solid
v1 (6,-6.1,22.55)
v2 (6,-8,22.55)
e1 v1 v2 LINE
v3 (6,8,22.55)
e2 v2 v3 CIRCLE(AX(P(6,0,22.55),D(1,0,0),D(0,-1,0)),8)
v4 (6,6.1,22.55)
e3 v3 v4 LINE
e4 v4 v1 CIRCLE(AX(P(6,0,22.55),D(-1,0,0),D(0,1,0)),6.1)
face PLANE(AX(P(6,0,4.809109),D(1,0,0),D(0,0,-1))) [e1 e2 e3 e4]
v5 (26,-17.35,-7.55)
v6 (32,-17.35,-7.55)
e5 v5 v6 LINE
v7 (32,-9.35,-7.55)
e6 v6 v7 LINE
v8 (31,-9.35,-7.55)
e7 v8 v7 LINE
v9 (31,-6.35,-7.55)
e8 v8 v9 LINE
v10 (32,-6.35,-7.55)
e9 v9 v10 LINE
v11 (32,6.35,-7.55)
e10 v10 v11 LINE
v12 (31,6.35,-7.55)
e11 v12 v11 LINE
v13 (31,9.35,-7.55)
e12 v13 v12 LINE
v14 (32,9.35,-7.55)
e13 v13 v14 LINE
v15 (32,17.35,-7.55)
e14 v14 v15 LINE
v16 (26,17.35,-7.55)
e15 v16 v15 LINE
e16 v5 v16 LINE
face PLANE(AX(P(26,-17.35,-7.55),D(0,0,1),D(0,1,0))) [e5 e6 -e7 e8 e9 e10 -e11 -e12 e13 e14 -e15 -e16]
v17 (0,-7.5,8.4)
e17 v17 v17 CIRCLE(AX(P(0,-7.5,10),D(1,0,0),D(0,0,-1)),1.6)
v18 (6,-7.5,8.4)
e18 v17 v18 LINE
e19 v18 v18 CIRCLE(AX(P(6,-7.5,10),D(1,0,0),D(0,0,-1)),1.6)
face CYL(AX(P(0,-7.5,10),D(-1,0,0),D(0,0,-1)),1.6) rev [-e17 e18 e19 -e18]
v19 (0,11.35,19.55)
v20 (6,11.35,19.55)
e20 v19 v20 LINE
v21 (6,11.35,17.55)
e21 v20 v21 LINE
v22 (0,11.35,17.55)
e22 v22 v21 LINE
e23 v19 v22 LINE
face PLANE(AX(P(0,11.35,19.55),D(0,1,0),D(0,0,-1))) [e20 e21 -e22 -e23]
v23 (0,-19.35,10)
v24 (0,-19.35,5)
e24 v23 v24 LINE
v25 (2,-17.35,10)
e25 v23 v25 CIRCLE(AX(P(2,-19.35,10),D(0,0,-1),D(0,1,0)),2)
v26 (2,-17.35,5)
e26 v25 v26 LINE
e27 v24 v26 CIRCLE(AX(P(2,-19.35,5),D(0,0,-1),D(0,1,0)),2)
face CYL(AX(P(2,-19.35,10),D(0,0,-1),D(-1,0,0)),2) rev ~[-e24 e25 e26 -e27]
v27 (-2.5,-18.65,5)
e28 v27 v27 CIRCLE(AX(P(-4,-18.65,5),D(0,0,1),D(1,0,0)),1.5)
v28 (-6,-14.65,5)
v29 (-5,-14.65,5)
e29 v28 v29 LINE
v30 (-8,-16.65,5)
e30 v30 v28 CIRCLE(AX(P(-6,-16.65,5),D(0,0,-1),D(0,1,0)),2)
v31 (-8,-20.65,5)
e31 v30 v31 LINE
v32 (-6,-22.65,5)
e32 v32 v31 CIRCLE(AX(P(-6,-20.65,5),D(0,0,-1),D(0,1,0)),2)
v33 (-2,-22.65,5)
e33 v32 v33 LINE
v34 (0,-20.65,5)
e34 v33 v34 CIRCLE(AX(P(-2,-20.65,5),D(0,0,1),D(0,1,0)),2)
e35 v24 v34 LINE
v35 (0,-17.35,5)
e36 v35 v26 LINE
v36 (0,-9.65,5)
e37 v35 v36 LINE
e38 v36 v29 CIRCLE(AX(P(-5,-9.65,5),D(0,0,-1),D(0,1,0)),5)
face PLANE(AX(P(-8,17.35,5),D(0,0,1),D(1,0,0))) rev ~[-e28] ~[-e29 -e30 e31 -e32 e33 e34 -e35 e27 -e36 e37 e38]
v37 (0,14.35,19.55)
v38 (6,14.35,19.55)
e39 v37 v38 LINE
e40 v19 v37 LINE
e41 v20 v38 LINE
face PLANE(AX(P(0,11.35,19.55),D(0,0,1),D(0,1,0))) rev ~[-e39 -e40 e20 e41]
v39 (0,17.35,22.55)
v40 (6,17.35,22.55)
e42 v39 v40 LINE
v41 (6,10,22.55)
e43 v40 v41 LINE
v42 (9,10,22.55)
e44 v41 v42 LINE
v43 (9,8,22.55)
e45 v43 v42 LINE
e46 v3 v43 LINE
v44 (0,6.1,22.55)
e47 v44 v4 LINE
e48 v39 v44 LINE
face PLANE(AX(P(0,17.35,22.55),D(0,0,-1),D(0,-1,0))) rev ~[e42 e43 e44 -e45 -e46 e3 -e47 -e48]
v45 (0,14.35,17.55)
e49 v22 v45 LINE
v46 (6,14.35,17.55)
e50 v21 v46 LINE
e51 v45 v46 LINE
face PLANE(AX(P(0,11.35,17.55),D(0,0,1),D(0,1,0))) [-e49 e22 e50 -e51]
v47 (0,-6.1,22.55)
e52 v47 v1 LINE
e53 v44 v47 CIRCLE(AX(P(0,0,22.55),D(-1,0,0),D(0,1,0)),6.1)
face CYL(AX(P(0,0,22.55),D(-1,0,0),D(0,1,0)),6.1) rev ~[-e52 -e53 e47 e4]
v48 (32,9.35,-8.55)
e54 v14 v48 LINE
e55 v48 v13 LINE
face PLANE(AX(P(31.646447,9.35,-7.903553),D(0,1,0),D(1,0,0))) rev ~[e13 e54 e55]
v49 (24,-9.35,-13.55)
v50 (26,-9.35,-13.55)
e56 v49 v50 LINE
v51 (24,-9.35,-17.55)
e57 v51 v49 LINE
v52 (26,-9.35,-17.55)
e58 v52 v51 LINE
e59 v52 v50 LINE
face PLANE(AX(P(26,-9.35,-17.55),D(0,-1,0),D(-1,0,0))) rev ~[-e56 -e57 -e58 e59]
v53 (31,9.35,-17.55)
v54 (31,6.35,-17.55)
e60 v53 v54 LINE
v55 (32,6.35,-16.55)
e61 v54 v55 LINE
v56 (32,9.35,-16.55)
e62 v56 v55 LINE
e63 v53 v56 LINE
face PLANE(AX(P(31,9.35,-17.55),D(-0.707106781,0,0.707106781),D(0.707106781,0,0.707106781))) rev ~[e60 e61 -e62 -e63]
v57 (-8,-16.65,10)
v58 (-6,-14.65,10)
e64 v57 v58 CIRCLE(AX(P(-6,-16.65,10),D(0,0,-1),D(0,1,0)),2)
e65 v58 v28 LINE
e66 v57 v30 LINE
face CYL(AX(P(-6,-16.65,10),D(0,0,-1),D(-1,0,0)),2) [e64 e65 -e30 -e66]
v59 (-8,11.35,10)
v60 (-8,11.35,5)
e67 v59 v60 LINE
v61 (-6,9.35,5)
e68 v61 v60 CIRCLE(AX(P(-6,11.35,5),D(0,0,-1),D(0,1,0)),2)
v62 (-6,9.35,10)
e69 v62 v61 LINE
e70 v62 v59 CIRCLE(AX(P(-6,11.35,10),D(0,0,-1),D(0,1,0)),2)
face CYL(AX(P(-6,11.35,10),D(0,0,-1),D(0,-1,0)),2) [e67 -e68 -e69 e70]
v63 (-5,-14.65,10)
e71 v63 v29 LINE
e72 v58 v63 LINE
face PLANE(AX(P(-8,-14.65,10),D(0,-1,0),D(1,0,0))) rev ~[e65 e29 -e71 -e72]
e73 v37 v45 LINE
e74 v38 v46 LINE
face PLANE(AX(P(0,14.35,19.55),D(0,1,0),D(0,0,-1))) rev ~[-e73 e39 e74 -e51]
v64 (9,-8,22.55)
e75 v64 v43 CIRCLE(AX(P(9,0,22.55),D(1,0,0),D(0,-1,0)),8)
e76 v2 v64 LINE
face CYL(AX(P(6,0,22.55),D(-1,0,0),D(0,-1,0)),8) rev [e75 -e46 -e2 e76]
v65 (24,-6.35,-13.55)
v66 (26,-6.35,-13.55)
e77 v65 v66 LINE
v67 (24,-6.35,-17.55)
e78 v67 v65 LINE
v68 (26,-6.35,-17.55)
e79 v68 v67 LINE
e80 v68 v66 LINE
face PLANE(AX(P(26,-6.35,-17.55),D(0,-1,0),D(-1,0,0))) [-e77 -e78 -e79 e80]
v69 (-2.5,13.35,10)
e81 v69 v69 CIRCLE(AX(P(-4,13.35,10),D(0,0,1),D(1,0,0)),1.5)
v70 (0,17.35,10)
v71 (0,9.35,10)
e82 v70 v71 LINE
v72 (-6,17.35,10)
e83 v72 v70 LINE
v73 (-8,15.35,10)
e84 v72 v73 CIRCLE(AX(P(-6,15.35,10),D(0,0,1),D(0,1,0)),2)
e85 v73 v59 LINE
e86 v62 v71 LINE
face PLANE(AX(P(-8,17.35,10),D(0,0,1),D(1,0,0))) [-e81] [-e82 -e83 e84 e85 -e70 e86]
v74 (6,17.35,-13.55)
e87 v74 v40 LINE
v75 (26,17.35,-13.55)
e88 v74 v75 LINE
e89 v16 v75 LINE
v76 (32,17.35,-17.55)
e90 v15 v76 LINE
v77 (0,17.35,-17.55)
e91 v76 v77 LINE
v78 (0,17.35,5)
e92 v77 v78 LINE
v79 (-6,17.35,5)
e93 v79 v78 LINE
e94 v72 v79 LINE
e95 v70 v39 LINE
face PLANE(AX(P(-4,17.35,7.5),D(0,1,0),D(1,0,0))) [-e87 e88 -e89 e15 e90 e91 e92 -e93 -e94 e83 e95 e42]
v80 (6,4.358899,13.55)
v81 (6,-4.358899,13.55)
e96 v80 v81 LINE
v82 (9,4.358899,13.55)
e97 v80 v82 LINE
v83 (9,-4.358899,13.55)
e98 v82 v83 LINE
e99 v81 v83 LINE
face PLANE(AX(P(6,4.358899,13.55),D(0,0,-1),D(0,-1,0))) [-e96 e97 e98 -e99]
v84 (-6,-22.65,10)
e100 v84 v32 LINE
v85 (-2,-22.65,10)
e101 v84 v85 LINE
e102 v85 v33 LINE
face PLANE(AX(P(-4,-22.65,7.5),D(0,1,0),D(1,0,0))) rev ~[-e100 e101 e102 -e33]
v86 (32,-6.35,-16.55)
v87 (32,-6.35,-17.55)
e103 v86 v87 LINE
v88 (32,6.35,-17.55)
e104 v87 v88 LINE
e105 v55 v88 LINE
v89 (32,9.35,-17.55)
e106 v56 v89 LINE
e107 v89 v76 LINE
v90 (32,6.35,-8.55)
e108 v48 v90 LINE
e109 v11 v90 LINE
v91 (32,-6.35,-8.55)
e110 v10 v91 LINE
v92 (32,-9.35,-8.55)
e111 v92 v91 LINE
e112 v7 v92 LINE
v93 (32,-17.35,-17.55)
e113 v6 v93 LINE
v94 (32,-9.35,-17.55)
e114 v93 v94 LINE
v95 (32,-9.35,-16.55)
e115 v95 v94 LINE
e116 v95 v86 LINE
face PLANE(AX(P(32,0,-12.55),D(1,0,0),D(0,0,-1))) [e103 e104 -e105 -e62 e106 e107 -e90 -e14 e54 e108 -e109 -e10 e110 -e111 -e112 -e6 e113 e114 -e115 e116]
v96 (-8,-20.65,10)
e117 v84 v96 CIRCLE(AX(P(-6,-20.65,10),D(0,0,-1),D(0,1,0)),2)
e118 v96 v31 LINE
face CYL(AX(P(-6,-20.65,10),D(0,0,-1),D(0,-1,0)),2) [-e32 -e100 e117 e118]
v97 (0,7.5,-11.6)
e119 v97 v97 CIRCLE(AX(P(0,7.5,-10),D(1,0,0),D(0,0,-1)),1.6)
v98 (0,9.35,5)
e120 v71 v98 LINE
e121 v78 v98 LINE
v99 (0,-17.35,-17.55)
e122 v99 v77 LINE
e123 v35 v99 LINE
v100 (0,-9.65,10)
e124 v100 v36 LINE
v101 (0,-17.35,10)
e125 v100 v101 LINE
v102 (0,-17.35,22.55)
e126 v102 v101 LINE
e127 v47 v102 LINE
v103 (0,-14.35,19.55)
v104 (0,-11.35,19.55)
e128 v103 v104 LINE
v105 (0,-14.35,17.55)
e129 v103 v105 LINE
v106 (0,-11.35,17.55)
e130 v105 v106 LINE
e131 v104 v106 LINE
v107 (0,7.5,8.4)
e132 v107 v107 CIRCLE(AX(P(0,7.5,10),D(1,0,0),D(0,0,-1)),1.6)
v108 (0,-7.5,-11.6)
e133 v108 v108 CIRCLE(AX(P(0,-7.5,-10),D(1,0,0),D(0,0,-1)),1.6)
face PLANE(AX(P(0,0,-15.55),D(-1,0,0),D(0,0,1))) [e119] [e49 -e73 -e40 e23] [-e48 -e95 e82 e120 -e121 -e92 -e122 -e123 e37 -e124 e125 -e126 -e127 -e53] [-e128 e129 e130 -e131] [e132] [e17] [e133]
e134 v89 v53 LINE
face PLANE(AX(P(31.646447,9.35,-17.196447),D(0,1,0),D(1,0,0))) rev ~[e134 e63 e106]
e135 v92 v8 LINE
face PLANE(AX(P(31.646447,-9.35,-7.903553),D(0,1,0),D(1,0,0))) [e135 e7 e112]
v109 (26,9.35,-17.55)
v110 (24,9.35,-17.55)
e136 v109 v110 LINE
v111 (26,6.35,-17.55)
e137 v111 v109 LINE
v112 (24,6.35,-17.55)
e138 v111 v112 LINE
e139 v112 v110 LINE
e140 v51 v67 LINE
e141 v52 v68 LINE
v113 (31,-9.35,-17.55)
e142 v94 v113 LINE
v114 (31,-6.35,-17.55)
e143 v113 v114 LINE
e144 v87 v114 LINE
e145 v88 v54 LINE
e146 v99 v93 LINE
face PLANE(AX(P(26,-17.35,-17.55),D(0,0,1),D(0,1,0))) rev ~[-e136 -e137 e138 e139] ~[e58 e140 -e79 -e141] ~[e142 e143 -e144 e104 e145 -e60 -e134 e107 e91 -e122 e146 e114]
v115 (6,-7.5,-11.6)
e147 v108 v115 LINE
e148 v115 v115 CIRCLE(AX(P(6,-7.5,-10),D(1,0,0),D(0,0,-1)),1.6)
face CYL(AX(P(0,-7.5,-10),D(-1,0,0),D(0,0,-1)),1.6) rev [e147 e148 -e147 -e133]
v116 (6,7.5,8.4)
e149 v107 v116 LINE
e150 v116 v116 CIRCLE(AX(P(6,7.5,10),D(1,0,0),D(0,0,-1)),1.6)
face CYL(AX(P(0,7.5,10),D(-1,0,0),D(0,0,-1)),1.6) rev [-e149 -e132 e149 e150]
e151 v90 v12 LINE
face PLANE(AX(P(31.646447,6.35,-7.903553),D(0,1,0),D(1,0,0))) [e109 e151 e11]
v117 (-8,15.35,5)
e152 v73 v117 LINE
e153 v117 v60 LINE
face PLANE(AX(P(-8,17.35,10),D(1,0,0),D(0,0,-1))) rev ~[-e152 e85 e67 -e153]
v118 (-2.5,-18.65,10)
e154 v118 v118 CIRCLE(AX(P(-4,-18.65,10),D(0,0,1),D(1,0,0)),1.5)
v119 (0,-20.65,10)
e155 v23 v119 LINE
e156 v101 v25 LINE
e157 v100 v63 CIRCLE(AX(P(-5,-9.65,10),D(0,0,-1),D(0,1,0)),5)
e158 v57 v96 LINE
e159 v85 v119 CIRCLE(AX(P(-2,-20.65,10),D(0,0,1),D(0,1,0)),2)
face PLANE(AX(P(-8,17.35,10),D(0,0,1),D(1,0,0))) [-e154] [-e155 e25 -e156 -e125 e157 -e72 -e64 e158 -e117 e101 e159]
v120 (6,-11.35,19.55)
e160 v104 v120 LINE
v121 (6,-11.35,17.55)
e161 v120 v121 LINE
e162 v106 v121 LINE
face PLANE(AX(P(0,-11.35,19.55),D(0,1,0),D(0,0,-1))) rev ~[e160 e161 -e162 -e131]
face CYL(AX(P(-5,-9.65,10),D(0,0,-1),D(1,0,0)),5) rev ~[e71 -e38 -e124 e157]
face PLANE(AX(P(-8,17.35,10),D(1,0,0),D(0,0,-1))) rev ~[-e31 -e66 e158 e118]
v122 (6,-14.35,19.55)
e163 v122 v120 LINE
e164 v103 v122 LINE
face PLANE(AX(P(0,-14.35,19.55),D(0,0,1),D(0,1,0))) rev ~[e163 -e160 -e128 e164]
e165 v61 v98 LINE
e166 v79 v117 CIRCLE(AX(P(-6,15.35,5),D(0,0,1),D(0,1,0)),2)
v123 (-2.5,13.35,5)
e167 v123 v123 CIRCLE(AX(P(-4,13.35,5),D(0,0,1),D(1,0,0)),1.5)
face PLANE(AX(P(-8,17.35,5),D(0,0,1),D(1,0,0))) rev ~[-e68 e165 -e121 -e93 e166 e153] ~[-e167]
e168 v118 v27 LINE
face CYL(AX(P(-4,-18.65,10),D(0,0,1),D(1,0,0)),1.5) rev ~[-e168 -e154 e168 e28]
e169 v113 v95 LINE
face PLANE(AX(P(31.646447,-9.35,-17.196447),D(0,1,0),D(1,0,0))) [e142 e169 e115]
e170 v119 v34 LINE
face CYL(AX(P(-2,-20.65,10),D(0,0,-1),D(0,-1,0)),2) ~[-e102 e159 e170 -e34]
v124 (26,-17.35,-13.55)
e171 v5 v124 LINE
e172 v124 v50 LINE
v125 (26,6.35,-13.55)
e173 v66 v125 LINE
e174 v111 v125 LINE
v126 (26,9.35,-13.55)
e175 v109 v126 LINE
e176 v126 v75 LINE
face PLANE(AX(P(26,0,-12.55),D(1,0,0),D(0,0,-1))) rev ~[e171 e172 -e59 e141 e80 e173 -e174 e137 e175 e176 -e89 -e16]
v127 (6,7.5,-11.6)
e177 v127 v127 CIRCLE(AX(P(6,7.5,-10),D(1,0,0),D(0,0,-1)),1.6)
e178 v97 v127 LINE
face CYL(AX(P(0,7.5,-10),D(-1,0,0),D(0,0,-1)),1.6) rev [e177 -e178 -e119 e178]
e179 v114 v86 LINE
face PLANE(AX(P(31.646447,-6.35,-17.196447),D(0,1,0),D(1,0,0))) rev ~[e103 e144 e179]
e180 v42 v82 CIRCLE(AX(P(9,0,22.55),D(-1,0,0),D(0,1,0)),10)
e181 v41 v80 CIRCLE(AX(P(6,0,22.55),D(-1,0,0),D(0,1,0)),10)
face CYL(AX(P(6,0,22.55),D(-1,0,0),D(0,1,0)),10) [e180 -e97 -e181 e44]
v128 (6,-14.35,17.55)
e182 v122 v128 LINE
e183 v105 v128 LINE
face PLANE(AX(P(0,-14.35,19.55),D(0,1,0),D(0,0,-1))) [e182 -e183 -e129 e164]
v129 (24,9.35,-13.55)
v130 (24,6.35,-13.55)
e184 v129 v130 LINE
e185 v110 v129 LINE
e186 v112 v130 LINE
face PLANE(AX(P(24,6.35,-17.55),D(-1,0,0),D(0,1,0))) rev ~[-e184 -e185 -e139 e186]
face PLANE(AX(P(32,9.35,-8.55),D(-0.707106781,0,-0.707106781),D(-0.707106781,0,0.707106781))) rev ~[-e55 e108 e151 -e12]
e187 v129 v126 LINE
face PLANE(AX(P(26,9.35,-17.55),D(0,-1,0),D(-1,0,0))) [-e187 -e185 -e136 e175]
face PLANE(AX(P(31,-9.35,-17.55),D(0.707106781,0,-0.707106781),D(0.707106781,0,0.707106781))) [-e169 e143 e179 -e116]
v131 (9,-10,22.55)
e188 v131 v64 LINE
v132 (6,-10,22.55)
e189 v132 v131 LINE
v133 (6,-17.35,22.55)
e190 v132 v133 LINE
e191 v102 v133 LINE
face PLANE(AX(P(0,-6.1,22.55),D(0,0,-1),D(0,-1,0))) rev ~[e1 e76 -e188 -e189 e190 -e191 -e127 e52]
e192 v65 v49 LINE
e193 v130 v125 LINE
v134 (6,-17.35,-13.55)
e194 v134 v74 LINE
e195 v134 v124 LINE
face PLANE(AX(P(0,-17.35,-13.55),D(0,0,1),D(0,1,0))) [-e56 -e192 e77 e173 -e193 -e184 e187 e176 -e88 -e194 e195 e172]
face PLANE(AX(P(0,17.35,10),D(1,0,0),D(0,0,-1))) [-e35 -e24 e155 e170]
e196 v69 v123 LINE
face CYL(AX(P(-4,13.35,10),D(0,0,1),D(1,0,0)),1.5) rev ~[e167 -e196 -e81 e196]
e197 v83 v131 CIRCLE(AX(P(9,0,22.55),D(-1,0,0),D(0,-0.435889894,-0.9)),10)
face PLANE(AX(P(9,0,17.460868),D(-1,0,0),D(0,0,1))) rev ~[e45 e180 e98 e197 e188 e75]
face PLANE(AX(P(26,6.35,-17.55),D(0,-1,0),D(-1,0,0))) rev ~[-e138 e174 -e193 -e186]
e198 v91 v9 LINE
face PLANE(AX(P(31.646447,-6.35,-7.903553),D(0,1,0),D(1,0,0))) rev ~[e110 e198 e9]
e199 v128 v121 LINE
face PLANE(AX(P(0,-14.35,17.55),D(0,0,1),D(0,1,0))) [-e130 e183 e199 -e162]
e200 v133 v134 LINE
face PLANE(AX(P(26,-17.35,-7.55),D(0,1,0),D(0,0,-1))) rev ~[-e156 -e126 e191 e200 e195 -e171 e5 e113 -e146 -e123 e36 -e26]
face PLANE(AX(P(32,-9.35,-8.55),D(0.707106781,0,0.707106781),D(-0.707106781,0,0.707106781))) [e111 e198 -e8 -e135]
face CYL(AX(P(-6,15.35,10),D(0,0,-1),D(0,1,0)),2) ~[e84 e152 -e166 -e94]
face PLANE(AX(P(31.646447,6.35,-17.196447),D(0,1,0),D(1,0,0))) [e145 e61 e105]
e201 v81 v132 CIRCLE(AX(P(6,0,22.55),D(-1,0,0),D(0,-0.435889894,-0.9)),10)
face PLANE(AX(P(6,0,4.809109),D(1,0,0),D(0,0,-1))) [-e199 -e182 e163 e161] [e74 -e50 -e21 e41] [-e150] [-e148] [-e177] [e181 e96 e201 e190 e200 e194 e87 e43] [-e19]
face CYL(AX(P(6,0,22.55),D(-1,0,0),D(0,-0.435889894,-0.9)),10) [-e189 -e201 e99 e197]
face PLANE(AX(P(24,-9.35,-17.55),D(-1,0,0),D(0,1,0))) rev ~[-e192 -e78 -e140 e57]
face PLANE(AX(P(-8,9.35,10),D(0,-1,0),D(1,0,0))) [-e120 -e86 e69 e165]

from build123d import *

# Parameters (mm, degrees)
SKETCH_2_W          = 2
SKETCH_2_H          = 3
SKETCH_2_R          = 1.6
EXTRUDE_1_DEPTH     = 6
EXTRUDE_2_DEPTH     = 3
SKETCH_4_W          = 4
SKETCH_4_H          = 34.7
EXTRUDE_3_DEPTH     = 26
SKETCH_15_W         = 10
SKETCH_15_H         = 34.7
EXTRUDE_8_DEPTH     = 6
SKETCH_16_W         = 2
SKETCH_16_H         = 3
CUT_EXTRUDE_4_DEPTH = 6
CUT_EXTRUDE_5_DEPTH = 3
CUT_EXTRUDE_6_DEPTH = 3
SKETCH_20_W         = 8
SKETCH_20_H         = 5
EXTRUDE_9_DEPTH     = 40
SKETCH_22_R         = 1.5
CUT_EXTRUDE_7_DEPTH = 10
SKETCH_23_W         = 8
SKETCH_23_H         = 24
CUT_EXTRUDE_8_DEPTH = 10
FILLET_4_R          = 5
FILLET_5_R          = 2
FILLET_6_R          = 2
FILLET_7_R          = 2


with BuildPart() as part:
    # 草圖2 → 填料-伸長1 (new body)
    with BuildSketch(Plane(origin=(0, 0, 0), x_dir=(0, 0, -1), z_dir=(1, 0, 0))):
        with BuildLine():
            Line((13.55, 17.35), (-13.55, 17.35))
            Line((-13.55, 17.35), (-22.55, 17.35))
            Line((-22.55, 17.35), (-22.55, 6.1))
            ThreePointArc((-22.55, 6.1), (-16.45, 0), (-22.55, -6.1))
            Line((-22.55, -6.1), (-22.55, -17.35))
            Line((-22.55, -17.35), (-13.55, -17.35))
            Line((-13.55, -17.35), (13.55, -17.35))
            Line((13.55, -17.35), (13.55, 17.35))
        make_face()
        with Locations((-18.55, -12.85)):
            Rectangle(SKETCH_2_W, SKETCH_2_H, mode=Mode.SUBTRACT)
        with Locations((-10, -7.5)):
            Circle(SKETCH_2_R, mode=Mode.SUBTRACT)
        with Locations((10, -7.5)):
            Circle(SKETCH_2_R, mode=Mode.SUBTRACT)
        with Locations((-10, 7.5)):
            Circle(SKETCH_2_R, mode=Mode.SUBTRACT)
        with Locations((-18.55, 12.85)):
            Rectangle(SKETCH_2_W, SKETCH_2_H, mode=Mode.SUBTRACT)
        with Locations((10, 7.5)):
            Circle(SKETCH_2_R, mode=Mode.SUBTRACT)
    extrude(amount=EXTRUDE_1_DEPTH)

    # 草圖3 → 填料-伸長2 (add)
    with BuildSketch(Plane(origin=(6, 0, 0), x_dir=(0, 0, -1), z_dir=(1, 0, 0))):
        with BuildLine():
            Line((-13.55, 4.358898944), (-13.55, -4.358898944))
            ThreePointArc((-13.55, -4.358898944), (-17.239114454, -8.473163206), (-22.55, -10))
            Line((-22.55, -10), (-22.55, -8))
            ThreePointArc((-22.55, -8), (-14.55, 0), (-22.55, 8))
            Line((-22.55, 8), (-22.55, 10))
            ThreePointArc((-22.55, 10), (-17.239114454, 8.473163206), (-13.55, 4.358898944))
        make_face()
    extrude(amount=EXTRUDE_2_DEPTH)

    # 草圖4 → 填料-伸長3 (add)
    with BuildSketch(Plane.ZY):
        with Locations((-15.55, 0)):
            Rectangle(SKETCH_4_W, SKETCH_4_H)
    extrude(amount=-EXTRUDE_3_DEPTH)

    # 草圖15 → 填料-伸長8 (add)
    with BuildSketch(Plane(origin=(26, 0, 0), x_dir=(0, 0, -1), z_dir=(1, 0, 0))):
        with Locations((12.55, 0)):
            Rectangle(SKETCH_15_W, SKETCH_15_H)
    extrude(amount=EXTRUDE_8_DEPTH)

    # 草圖16 → 除料-伸長4 (cut)
    with BuildSketch(Plane(origin=(0, 0, -17.55), x_dir=(-1, 0, 0), z_dir=(0, 0, -1))):
        with Locations((-25, 7.85)):
            Rectangle(SKETCH_16_W, SKETCH_16_H)
        with Locations((-25, -7.85)):
            Rectangle(SKETCH_16_W, SKETCH_16_H)
    extrude(amount=-CUT_EXTRUDE_4_DEPTH, mode=Mode.SUBTRACT)

    # 草圖17 → 除料-伸長5 (cut)
    with BuildSketch(Plane(origin=(0, -9.35, 0), x_dir=(-1, 0, 0), z_dir=(0, -1, 0))):
        Polygon((-32, 17.55), (-31, 17.55), (-32, 16.55), align=None)
        Polygon((-32, 7.55), (-32, 8.55), (-31, 7.55), align=None)
    extrude(amount=-CUT_EXTRUDE_5_DEPTH, mode=Mode.SUBTRACT)

    # 草圖18 → 除料-伸長6 (cut)
    with BuildSketch(Plane(origin=(0, 9.35, 0), x_dir=(1, 0, 0), z_dir=(0, 1, 0))):
        Polygon((32, 17.55), (31, 17.55), (32, 16.55), align=None)
        Polygon((32, 7.55), (32, 8.55), (31, 7.55), align=None)
    extrude(amount=-CUT_EXTRUDE_6_DEPTH, mode=Mode.SUBTRACT)

    # 草圖20 → 填料-伸長9 (add)
    with BuildSketch(Plane(origin=(0, 17.35, 0), x_dir=(1, 0, 0), z_dir=(0, 1, 0))):
        with Locations((-4, -7.5)):
            Rectangle(SKETCH_20_W, SKETCH_20_H)
    extrude(amount=-EXTRUDE_9_DEPTH)

    # 草圖22 → 除料-伸長7 (cut)
    with BuildSketch(Plane.XY.offset(10)):
        with Locations((-4, 13.35)):
            Circle(SKETCH_22_R)
        with Locations((-4, -18.65)):
            Circle(SKETCH_22_R)
    extrude(amount=-CUT_EXTRUDE_7_DEPTH, mode=Mode.SUBTRACT)

    # 草圖23 → 除料-伸長8 (cut)
    with BuildSketch(Plane.XY.offset(10)):
        with Locations((-4, -2.65)):
            Rectangle(SKETCH_23_W, SKETCH_23_H)
    extrude(amount=-CUT_EXTRUDE_8_DEPTH, mode=Mode.SUBTRACT)

    # 圓角4
    fillet_4_edges = [part.edges().sort_by_distance(p)[0] for p in [
        (0, -14.65, 7.5),
    ]]
    fillet(fillet_4_edges, radius=FILLET_4_R)

    # 圓角5
    fillet_5_edges = [part.edges().sort_by_distance(p)[0] for p in [
        (0, -17.35, 7.5),
    ]]
    fillet(fillet_5_edges, radius=FILLET_5_R)

    # 圓角6
    fillet_6_edges = [part.edges().sort_by_distance(p)[0] for p in [
        (-8, -22.65, 7.5),
        (-8, 17.35, 7.5),
        (-8, -14.65, 7.5),
        (-8, 9.35, 7.5),
    ]]
    fillet(fillet_6_edges, radius=FILLET_6_R)

    # 圓角7
    fillet_7_edges = [part.edges().sort_by_distance(p)[0] for p in [
        (0, -22.65, 7.5),
    ]]
    fillet(fillet_7_edges, radius=FILLET_7_R)


solid = part.part
